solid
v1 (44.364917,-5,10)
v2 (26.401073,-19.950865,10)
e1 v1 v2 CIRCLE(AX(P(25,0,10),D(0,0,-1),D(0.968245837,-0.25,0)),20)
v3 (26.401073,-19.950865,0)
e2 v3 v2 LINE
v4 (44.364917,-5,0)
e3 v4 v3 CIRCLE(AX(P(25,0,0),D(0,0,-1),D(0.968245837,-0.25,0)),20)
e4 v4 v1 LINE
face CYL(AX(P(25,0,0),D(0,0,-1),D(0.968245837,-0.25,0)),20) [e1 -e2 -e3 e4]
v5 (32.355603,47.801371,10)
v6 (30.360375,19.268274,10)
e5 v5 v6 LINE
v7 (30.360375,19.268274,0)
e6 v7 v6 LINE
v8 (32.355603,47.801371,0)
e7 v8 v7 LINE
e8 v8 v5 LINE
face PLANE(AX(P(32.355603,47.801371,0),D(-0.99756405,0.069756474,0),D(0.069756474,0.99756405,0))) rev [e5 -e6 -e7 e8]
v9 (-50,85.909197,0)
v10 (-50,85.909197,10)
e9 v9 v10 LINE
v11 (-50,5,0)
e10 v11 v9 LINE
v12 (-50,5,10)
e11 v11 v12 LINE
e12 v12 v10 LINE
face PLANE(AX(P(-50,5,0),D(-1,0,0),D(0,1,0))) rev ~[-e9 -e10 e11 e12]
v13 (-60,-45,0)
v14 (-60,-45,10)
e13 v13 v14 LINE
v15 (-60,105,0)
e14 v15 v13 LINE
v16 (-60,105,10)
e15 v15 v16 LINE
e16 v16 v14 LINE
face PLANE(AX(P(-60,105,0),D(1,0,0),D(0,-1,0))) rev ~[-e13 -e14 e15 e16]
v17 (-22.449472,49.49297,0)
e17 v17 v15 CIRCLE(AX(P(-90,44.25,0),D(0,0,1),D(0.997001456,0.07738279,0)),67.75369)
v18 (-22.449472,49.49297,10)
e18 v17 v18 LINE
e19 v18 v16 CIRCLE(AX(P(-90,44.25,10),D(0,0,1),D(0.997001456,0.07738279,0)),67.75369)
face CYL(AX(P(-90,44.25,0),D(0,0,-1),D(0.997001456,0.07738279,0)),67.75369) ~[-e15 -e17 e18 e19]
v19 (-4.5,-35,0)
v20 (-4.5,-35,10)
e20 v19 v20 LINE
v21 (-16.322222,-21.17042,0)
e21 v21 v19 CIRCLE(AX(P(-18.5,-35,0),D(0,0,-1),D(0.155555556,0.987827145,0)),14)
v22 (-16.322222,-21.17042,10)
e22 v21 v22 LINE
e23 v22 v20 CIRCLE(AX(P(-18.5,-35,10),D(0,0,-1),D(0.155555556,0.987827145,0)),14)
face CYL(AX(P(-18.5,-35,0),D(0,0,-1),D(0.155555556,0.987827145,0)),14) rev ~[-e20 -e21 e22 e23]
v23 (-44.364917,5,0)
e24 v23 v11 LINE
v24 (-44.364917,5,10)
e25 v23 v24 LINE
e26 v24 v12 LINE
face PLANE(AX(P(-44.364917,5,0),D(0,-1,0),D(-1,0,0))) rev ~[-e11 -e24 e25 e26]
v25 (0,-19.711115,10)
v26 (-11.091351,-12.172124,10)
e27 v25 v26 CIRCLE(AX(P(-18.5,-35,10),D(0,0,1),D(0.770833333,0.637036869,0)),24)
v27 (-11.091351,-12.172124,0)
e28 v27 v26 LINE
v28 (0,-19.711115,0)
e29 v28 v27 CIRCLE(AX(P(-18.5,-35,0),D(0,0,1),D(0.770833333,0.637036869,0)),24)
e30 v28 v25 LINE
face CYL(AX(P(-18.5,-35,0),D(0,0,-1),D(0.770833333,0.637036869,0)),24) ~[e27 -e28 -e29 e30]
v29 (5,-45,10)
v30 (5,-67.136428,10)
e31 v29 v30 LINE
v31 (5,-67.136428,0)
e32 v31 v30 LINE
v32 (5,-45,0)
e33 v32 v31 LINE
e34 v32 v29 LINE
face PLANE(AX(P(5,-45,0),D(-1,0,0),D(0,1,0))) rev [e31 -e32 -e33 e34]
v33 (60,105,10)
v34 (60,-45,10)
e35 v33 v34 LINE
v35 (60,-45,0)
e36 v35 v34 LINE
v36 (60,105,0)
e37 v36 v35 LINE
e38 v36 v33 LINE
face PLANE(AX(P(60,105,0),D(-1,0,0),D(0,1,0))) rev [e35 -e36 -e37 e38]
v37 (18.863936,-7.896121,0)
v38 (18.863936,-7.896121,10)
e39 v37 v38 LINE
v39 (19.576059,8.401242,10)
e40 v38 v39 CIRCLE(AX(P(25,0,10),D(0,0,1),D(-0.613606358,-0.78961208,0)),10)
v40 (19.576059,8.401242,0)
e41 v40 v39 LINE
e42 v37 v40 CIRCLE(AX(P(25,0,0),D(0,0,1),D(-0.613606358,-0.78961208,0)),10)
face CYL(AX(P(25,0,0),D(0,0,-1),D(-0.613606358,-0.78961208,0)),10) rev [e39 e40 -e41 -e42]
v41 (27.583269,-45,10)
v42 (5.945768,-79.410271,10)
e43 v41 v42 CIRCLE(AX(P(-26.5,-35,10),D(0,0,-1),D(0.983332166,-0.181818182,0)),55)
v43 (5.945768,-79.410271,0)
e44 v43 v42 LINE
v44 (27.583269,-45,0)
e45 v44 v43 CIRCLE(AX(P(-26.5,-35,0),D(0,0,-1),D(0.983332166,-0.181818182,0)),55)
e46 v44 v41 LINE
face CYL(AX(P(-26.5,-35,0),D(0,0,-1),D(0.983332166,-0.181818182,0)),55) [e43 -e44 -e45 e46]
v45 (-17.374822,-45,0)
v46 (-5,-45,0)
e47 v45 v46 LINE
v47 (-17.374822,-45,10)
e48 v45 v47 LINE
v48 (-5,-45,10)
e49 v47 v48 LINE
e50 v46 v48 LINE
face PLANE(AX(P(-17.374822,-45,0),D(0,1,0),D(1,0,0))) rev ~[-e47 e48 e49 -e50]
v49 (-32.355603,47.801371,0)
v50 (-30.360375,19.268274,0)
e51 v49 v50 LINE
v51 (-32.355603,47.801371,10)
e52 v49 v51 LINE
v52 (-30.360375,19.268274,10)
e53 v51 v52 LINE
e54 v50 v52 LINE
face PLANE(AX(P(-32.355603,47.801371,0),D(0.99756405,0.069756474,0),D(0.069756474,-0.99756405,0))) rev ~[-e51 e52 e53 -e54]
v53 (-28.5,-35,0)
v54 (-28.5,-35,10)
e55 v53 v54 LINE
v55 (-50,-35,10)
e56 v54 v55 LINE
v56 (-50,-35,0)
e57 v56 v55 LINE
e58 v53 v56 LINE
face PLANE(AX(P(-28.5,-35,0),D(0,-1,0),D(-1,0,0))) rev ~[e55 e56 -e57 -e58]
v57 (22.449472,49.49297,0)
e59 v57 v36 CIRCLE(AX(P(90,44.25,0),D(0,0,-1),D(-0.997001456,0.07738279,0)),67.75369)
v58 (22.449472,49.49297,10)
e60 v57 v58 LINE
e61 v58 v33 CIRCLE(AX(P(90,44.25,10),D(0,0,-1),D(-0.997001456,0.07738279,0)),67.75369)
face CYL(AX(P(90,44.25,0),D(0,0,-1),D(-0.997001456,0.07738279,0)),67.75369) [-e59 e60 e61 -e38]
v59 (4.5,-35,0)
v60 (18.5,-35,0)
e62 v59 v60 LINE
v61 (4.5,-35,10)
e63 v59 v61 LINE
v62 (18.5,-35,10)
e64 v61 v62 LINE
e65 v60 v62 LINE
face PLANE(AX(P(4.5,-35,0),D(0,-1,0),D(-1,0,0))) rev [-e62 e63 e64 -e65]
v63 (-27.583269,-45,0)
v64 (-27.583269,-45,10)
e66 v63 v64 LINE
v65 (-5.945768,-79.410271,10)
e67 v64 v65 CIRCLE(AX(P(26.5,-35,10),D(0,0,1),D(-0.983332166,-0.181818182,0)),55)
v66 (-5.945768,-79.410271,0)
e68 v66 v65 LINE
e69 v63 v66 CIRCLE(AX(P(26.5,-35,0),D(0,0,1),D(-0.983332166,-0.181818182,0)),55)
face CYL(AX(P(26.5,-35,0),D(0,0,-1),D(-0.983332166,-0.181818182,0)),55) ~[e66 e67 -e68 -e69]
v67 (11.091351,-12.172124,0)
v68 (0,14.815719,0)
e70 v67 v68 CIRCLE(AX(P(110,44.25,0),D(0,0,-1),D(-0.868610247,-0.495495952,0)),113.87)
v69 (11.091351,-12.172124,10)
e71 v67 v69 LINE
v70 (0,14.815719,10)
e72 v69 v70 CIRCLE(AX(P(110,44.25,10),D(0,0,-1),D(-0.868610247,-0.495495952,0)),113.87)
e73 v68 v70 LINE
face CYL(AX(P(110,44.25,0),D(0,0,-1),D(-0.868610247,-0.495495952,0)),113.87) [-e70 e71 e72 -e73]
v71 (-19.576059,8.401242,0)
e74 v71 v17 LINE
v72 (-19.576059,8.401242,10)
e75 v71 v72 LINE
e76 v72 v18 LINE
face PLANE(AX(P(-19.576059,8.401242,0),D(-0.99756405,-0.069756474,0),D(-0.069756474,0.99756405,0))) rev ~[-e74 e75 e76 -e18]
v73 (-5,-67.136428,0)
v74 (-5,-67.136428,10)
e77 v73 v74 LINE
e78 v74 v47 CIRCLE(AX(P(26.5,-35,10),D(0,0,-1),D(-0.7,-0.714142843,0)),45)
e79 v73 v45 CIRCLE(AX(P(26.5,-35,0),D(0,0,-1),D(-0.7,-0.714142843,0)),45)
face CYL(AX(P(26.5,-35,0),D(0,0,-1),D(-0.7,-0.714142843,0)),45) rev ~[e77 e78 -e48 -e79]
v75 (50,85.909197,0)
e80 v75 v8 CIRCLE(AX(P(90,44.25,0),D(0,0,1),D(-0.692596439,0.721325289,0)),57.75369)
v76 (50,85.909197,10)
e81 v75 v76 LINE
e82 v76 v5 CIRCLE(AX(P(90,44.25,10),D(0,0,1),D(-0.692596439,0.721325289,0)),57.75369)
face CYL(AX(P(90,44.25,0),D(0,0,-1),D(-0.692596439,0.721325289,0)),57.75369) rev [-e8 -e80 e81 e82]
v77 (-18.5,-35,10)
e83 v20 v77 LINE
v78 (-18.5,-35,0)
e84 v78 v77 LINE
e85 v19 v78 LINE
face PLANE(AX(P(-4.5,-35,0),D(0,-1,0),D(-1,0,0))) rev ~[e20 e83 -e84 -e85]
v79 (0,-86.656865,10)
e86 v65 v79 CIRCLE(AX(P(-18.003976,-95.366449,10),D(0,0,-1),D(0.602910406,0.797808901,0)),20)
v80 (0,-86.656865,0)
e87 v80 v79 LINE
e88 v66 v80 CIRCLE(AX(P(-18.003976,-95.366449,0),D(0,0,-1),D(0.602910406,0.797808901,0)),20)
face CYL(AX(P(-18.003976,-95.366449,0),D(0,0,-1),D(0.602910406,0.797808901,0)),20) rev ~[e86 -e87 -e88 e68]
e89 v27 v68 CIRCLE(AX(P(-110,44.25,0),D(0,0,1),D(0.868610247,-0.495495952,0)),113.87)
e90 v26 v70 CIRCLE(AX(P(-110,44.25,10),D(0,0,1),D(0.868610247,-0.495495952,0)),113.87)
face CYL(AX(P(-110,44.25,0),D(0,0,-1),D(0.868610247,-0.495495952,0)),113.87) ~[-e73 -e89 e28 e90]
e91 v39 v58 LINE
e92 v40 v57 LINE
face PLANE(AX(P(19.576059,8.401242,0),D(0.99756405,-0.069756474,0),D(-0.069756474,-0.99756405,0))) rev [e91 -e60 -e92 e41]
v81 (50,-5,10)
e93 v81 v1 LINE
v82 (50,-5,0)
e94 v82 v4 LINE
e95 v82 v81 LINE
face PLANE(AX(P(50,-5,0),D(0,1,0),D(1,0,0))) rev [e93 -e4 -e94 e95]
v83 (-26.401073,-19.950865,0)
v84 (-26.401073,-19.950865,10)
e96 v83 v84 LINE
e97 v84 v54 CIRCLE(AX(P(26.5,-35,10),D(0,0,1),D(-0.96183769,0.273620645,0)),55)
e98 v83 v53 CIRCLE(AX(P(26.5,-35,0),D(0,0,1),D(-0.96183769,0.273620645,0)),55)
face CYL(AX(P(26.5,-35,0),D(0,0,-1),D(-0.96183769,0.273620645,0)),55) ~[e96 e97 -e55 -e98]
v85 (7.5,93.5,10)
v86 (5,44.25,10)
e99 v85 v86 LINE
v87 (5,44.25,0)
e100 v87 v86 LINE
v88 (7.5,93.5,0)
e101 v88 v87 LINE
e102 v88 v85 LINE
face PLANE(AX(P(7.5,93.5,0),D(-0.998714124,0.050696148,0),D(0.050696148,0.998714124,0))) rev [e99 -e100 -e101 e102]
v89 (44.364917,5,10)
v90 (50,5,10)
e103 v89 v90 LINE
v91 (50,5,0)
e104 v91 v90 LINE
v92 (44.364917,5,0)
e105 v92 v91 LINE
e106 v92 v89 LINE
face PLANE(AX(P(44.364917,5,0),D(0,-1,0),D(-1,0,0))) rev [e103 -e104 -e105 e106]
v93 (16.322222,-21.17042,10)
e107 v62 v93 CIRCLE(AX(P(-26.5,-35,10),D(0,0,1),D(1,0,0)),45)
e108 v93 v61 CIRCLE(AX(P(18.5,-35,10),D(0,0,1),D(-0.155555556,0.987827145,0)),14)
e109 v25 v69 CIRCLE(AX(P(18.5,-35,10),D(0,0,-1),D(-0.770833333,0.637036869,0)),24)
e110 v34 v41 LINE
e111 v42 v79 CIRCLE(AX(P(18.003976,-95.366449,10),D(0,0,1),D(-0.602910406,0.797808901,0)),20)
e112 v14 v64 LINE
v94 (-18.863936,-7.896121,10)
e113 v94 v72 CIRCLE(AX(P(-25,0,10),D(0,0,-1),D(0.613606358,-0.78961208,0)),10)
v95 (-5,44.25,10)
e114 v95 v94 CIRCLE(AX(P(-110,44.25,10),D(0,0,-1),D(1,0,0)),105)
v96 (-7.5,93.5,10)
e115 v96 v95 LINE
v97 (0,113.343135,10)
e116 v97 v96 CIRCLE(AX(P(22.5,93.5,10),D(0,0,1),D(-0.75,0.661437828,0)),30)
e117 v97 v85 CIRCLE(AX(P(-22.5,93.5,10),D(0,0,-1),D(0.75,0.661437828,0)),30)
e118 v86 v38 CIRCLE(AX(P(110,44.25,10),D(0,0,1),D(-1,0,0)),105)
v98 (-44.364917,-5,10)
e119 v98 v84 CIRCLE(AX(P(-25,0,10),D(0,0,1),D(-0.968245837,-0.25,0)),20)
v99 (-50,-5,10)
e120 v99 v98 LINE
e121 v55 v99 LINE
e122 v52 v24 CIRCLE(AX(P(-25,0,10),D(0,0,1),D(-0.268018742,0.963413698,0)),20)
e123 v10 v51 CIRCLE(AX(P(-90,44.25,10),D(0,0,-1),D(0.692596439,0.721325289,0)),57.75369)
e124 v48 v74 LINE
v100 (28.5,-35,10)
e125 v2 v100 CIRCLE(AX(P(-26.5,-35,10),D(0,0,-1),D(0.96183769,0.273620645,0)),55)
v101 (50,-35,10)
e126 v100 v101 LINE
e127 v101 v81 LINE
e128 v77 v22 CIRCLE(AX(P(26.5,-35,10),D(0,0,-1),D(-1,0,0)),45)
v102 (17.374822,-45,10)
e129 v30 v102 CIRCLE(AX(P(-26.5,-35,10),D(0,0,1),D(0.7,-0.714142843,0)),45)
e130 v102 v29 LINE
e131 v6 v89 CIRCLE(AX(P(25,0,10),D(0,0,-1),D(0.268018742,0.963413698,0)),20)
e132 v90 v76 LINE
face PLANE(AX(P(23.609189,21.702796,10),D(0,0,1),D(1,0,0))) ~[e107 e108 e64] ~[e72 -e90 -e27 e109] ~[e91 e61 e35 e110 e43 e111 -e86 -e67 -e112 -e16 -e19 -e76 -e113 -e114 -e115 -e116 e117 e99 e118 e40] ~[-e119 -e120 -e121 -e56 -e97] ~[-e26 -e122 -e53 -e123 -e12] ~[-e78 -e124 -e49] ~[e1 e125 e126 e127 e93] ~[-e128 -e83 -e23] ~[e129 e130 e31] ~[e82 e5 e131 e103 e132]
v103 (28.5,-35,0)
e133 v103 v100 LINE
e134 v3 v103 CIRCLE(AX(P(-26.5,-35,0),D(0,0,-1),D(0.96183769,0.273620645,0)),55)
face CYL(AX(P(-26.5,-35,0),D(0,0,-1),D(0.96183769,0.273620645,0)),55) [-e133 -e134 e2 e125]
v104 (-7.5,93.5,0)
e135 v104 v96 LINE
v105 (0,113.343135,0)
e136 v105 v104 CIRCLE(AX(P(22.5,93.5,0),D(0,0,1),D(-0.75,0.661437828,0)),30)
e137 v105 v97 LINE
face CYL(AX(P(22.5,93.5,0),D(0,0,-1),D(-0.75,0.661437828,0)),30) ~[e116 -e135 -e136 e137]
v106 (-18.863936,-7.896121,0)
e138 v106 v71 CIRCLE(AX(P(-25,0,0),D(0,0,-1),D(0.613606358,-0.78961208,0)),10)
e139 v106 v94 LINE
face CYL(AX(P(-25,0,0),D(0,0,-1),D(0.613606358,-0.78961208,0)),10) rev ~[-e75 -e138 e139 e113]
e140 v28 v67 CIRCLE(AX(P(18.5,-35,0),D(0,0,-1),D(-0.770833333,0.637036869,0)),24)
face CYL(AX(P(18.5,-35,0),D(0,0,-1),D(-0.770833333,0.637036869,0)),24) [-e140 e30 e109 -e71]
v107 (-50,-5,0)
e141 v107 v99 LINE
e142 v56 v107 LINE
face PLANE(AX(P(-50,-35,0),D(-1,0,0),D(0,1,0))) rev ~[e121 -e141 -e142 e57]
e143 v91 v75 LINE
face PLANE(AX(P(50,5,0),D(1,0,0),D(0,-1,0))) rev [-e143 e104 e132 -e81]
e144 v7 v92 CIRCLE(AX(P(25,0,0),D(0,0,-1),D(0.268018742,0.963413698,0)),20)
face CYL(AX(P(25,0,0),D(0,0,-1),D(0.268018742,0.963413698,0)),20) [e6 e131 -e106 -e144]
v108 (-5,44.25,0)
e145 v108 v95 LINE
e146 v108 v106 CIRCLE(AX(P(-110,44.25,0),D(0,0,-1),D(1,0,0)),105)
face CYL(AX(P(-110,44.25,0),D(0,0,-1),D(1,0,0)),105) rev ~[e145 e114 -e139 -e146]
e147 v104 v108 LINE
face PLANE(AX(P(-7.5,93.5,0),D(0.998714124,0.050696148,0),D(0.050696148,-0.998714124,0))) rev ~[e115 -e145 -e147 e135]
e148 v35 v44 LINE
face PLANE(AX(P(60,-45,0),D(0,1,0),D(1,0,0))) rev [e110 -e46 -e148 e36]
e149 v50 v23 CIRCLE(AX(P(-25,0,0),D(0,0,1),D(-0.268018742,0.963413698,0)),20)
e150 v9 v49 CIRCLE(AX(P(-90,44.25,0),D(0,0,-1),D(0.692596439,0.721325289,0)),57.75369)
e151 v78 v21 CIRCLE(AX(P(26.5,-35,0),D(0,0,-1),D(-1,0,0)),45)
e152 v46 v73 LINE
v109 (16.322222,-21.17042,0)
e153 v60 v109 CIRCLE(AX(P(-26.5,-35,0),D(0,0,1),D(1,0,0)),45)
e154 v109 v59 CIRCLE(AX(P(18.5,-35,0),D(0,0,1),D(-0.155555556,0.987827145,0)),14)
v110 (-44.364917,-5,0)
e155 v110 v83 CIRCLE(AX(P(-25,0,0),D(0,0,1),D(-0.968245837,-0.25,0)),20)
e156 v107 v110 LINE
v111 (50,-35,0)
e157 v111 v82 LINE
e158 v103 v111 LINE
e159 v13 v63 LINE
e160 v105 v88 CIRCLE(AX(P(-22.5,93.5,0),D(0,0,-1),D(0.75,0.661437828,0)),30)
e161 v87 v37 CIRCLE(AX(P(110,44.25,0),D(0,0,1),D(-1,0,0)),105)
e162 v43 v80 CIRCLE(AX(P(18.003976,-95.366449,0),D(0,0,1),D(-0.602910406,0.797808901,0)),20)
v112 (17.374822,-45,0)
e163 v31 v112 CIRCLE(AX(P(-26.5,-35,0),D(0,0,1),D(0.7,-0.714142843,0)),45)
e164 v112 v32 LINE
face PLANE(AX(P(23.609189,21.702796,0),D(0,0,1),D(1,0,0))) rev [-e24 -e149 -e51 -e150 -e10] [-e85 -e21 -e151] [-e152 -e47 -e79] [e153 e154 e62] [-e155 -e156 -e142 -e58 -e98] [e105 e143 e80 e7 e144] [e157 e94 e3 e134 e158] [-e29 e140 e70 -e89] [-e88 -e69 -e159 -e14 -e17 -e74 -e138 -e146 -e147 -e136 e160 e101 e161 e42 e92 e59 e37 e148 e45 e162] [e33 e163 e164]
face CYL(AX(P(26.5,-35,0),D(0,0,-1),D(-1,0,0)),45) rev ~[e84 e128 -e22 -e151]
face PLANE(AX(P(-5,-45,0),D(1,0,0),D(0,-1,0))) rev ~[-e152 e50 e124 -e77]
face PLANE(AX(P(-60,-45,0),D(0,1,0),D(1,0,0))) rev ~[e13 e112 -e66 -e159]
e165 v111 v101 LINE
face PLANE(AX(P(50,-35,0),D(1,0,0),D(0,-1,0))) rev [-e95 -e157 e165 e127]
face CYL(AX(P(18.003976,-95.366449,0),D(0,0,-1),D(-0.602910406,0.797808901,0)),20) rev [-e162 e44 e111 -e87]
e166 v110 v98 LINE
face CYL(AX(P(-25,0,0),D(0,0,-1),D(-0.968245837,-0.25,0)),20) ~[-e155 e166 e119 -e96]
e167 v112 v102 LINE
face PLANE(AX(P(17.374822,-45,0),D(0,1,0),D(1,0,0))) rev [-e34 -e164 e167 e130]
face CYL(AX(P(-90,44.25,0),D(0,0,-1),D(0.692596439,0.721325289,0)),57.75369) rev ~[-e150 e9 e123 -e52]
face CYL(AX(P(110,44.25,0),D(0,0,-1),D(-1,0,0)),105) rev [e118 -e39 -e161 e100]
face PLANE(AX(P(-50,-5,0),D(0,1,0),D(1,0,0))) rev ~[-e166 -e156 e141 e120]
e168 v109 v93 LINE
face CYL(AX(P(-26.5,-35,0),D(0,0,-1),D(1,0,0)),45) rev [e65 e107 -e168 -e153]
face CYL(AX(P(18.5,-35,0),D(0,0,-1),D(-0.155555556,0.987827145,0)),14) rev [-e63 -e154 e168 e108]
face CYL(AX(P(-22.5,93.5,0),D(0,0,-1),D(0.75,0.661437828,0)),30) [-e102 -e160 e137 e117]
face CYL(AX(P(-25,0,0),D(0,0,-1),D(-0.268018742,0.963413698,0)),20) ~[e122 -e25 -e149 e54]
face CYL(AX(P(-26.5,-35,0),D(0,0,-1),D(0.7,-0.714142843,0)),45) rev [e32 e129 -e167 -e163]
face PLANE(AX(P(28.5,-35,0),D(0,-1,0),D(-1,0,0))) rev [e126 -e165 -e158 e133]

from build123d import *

# Parameters (mm, degrees)
EXTRUDE_1_DEPTH = 10


with BuildPart() as part:
    # Эскиз1 → Бобышка-Вытянуть1 (new body)
    with BuildSketch(Plane.XY):
        with BuildLine():
            Line((-60, -45), (-27.583269132, -45))
            ThreePointArc((-27.583269132, -45), (-20.06001769, -64.277376125), (-5.945767968, -79.41027067))
            ThreePointArc((-5.945767968, -79.41027067), (-2.542345747, -82.680315027), (0, -86.656865167))
            Line((0, -86.656865167), (0, -19.711115149))
            ThreePointArc((0, -19.711115149), (-5.008387109, -15.151161707), (-11.091351129, -12.172124017))
            ThreePointArc((-11.091351129, -12.172124017), (-4.677676581, 0.965070873), (0, 14.815718966))
            Line((0, 14.815718966), (0, 113.343134833))
            ThreePointArc((0, 113.343134833), (-5.562430401, 104.106601718), (-7.5, 93.5))
            Line((-7.5, 93.5), (-5, 44.25))
            ThreePointArc((-5, 44.25), (-8.525159088, 17.271181236), (-18.863936417, -7.896120801))
            ThreePointArc((-18.863936417, -7.896120801), (-34.990467135, -0.436539144), (-19.576058944, 8.401241779))
            Line((-19.576058944, 8.401241779), (-22.449472465, 49.49296956))
            ThreePointArc((-22.449472465, 49.49296956), (-33.881518529, 82.214174393), (-60, 105))
            Line((-60, 105), (-60, -45))
        make_face()
        with BuildLine():
            ThreePointArc((-26.401072965, -19.950864506), (-27.972740949, -27.40259956), (-28.5, -35))
            Line((-28.5, -35), (-50, -35))
            Line((-50, -35), (-50, -5))
            Line((-50, -5), (-44.364916731, -5))
            ThreePointArc((-44.364916731, -5), (-37.794087282, -15.372421104), (-26.401072965, -19.950864506))
        make_face(mode=Mode.SUBTRACT)
        with BuildLine():
            Line((-5, -45), (-5, -67.136427928))
            ThreePointArc((-5, -67.136427928), (-12.779082294, -56.957998409), (-17.374821937, -45))
            Line((-17.374821937, -45), (-5, -45))
        make_face(mode=Mode.SUBTRACT)
        with BuildLine():
            Line((-4.5, -35), (-18.5, -35))
            ThreePointArc((-18.5, -35), (-17.952221542, -28), (-16.322222222, -21.170419965))
            ThreePointArc((-16.322222222, -21.170419965), (-7.858362699, -25.902991945), (-4.5, -35))
        make_face(mode=Mode.SUBTRACT)
        with BuildLine():
            Line((-44.364916731, 5), (-50, 5))
            Line((-50, 5), (-50, 85.909197079))
            ThreePointArc((-50, 85.909197079), (-37.591425702, 68.515820434), (-32.355603325, 47.801370616))
            Line((-32.355603325, 47.801370616), (-30.360374841, 19.268273964))
            ThreePointArc((-30.360374841, 19.268273964), (-39.273434111, 14.009606657), (-44.364916731, 5))
        make_face(mode=Mode.SUBTRACT)
    extrude_1 = extrude(amount=EXTRUDE_1_DEPTH)

    # Зеркальное отражение1: Бобышка-Вытянуть1 across plane
    add(extrude_1.mirror(Plane(origin=(0, 0, 0), x_dir=(0, 0, 1), z_dir=(1, 0, 0))))


solid = part.part
